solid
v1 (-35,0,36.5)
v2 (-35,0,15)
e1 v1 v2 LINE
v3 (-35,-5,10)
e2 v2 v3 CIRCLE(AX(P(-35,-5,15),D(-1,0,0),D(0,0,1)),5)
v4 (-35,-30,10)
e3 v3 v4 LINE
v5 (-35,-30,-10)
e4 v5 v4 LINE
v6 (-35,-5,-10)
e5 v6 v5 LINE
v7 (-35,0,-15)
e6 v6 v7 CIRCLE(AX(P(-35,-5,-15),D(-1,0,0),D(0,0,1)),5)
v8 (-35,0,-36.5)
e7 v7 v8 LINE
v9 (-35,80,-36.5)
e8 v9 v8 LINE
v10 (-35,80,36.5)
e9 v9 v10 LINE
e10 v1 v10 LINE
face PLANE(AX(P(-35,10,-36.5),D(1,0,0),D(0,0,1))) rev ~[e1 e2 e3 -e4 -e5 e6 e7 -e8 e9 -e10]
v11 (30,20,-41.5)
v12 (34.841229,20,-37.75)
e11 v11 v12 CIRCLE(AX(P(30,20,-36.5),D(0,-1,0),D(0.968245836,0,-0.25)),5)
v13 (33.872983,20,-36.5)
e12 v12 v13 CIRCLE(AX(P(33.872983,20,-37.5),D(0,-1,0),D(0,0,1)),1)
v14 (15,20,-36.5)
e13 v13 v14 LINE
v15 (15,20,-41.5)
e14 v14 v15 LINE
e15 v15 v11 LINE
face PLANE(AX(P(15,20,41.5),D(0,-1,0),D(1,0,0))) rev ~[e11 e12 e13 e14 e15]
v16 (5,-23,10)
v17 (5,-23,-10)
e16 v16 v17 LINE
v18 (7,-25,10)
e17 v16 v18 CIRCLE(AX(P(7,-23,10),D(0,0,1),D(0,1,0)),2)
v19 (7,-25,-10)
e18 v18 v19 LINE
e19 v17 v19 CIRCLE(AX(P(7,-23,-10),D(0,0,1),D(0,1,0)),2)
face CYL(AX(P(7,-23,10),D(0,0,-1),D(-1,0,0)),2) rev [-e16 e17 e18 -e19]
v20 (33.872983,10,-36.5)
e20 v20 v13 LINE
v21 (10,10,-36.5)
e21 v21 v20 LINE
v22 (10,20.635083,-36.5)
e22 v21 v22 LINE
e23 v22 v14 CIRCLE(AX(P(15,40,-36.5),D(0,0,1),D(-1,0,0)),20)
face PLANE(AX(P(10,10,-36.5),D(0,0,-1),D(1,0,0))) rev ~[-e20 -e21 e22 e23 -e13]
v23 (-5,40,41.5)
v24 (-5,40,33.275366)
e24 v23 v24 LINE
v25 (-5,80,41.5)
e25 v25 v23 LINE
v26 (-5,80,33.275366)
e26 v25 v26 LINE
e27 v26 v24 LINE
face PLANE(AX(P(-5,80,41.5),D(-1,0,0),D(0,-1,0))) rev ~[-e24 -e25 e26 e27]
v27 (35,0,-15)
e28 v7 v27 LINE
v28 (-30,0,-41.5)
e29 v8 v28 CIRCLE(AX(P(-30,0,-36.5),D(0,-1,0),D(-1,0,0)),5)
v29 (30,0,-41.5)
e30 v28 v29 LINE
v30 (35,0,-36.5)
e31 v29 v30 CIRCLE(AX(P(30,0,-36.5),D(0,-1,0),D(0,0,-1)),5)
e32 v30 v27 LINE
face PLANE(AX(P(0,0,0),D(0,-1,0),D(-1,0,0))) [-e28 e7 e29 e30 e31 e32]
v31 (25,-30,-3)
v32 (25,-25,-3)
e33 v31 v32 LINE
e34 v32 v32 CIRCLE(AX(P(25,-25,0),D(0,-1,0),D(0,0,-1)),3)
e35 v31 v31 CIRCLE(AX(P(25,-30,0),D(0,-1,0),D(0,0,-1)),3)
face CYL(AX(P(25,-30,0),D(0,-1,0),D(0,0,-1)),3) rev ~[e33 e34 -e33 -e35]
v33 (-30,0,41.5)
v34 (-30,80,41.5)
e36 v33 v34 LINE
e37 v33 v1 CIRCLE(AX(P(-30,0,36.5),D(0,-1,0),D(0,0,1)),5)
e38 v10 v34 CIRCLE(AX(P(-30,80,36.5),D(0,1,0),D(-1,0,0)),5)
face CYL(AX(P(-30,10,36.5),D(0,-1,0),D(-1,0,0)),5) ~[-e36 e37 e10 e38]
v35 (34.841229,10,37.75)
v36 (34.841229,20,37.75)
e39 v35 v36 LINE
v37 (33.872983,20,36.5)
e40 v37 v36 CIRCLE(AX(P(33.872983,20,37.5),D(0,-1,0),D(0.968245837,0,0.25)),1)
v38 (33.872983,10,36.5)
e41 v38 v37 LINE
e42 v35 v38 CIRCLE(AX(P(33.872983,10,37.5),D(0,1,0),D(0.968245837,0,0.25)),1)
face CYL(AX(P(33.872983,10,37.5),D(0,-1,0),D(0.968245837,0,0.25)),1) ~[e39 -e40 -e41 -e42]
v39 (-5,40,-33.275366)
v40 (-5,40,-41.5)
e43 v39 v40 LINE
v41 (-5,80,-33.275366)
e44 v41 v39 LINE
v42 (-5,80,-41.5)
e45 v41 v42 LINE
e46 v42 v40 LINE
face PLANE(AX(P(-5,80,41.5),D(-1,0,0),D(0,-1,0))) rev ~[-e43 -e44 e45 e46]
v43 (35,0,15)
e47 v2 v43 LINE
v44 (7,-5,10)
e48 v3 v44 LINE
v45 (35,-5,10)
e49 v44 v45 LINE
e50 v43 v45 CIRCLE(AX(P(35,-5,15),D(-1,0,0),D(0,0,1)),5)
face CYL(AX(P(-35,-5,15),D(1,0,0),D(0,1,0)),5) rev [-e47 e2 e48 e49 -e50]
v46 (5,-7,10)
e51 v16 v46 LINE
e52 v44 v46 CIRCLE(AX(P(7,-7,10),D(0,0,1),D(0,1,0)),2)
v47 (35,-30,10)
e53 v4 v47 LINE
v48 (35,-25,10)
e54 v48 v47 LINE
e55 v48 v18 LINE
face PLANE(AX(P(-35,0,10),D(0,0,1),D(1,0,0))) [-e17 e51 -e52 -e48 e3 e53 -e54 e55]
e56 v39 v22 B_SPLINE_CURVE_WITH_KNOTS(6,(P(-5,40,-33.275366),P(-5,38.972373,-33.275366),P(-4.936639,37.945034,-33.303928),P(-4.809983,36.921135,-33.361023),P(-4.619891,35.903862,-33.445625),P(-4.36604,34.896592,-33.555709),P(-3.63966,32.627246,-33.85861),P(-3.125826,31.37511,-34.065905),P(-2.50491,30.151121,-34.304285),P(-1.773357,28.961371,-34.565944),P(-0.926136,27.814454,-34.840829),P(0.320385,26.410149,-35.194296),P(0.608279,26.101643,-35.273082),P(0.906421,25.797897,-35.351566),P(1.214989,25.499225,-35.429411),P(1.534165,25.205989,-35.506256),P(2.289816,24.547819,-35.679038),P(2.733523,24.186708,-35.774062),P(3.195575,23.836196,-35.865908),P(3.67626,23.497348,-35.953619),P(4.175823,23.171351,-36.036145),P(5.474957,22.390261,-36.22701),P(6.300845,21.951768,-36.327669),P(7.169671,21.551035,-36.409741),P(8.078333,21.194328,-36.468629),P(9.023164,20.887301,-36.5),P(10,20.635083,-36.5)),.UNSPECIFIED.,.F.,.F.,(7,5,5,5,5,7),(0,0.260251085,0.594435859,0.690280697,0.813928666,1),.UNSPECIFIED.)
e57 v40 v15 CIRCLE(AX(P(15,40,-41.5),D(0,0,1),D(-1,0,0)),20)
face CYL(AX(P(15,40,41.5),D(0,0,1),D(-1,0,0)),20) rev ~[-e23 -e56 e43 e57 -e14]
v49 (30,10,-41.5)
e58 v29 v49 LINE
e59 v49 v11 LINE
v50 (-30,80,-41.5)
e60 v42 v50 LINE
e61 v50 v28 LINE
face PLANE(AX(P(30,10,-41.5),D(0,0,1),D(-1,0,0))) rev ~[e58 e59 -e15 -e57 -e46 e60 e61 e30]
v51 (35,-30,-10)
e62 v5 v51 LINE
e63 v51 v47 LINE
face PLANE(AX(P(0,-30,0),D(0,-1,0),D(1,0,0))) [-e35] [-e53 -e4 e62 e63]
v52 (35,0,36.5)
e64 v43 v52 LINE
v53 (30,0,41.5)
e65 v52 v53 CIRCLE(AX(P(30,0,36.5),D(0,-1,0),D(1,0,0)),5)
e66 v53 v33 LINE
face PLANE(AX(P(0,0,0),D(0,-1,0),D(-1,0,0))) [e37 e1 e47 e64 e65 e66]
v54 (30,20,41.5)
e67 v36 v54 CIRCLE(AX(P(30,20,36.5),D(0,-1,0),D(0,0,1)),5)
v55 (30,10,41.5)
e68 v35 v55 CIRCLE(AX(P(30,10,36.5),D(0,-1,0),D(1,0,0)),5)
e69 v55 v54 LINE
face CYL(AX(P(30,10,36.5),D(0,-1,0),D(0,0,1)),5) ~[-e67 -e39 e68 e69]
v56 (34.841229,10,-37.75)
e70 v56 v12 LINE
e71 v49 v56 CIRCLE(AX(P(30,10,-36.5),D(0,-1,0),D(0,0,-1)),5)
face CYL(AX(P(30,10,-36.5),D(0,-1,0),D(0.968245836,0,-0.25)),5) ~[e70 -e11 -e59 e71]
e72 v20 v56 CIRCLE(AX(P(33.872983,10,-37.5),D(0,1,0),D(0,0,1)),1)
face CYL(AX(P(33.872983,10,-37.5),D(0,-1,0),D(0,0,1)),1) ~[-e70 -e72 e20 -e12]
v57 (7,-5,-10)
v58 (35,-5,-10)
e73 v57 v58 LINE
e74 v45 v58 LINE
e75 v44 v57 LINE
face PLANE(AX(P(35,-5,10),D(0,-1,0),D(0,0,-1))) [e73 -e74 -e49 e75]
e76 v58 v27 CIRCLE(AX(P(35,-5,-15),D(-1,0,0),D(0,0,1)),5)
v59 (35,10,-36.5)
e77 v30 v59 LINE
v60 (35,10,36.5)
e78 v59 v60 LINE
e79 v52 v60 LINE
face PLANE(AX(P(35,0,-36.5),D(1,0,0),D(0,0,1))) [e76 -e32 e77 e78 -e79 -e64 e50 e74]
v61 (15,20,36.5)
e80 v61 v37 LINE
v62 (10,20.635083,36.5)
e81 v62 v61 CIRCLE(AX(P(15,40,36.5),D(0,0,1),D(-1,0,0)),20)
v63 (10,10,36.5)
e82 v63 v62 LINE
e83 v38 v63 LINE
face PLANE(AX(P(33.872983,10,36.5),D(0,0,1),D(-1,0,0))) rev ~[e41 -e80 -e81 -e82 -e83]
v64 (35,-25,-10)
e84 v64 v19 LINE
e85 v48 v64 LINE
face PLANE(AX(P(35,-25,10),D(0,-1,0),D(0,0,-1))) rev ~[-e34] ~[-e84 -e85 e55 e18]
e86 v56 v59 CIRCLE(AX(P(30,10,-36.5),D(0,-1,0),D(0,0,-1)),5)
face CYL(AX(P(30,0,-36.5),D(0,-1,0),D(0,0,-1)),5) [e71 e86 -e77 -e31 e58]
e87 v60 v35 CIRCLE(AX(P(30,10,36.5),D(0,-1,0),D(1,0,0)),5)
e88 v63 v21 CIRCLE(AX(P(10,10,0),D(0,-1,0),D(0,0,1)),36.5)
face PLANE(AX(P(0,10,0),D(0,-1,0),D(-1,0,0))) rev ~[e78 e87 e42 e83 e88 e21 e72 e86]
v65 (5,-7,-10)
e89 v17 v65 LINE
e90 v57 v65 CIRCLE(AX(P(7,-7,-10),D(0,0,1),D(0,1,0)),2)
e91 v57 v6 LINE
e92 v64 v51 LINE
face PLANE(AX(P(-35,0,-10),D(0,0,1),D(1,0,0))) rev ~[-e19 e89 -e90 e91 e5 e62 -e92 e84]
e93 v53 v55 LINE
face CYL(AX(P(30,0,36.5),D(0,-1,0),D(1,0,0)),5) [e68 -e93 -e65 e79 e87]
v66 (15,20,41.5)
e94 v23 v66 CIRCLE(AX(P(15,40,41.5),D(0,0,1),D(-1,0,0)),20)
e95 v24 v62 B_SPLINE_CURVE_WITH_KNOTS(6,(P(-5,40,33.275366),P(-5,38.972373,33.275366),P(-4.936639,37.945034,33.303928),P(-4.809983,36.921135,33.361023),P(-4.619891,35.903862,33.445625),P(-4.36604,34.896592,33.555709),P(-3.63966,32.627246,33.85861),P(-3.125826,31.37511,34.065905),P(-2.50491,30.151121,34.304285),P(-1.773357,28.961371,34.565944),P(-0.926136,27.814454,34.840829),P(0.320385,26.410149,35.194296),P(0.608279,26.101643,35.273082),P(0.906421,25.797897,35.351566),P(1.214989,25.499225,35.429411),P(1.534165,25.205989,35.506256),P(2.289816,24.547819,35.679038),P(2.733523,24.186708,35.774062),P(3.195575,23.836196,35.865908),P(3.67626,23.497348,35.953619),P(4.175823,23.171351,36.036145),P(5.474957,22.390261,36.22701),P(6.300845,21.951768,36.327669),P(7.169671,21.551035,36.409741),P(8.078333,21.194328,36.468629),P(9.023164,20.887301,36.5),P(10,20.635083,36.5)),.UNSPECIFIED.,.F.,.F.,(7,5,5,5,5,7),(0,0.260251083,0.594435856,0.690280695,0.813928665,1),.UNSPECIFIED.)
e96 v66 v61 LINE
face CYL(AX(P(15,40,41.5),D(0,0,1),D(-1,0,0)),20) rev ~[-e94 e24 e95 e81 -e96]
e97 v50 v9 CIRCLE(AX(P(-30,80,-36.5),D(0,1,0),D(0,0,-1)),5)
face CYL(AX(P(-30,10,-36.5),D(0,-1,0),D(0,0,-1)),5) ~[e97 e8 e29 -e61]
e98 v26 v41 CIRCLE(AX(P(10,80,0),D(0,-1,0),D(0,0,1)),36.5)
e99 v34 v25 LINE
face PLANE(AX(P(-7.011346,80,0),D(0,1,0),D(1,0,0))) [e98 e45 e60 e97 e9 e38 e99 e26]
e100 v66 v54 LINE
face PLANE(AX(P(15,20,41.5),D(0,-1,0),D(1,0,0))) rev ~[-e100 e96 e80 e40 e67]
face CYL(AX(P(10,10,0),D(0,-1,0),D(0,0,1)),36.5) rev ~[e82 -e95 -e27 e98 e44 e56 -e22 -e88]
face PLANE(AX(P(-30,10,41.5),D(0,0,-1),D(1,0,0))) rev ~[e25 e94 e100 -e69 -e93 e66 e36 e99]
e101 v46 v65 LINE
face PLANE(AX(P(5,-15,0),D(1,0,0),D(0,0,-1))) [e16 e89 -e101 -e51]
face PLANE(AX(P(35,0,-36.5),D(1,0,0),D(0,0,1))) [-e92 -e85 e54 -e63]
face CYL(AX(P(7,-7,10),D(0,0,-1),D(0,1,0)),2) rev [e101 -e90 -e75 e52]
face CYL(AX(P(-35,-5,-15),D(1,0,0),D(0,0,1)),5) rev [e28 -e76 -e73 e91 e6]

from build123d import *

# Parameters (mm, degrees)
EXTRUDE_1_DEPTH     = 10
EXTRUDE_2_DEPTH     = 70
SKETCH_6_W          = 70
SKETCH_6_H          = 20
EXTRUDE_3_DEPTH     = 30
SKETCH_8_R          = 3
CUT_EXTRUDE_5_DEPTH = 15
FILLET_2_R          = 5
SKETCH_9_W          = 20
SKETCH_9_H          = 20
CUT_EXTRUDE_6_DEPTH = 30
FILLET_4_R          = 2
CUT_EXTRUDE_7_DEPTH = 121.474063599


with BuildPart() as part:
    # 草圖2 → 填料-伸長1 (new body)
    with BuildSketch(Plane(origin=(0, 0, 0), x_dir=(1, 0, 0), z_dir=(0, 1, 0))):
        with BuildLine():
            Line((-30, 41.5), (30, 41.5))
            ThreePointArc((30, 41.5), (33.535533906, 40.035533906), (35, 36.5))
            Line((35, 36.5), (35, -36.5))
            ThreePointArc((35, -36.5), (33.535533906, -40.035533906), (30, -41.5))
            Line((30, -41.5), (-30, -41.5))
            ThreePointArc((-30, -41.5), (-33.535533906, -40.035533906), (-35, -36.5))
            Line((-35, -36.5), (-35, 36.5))
            ThreePointArc((-35, 36.5), (-33.535533906, 40.035533906), (-30, 41.5))
        make_face()
    extrude(amount=EXTRUDE_1_DEPTH)

    # 草圖3 → 填料-伸長2 (add)
    with BuildSketch(Plane(origin=(0, 10, 0), x_dir=(1, 0, 0), z_dir=(0, 1, 0))):
        with BuildLine():
            Line((-35, 36.5), (-35, -36.5))
            ThreePointArc((-35, -36.5), (-33.535533906, -40.035533906), (-30, -41.5))
            Line((-30, -41.5), (30, -41.5))
            ThreePointArc((30, -41.5), (33.061862178, -40.452847075), (34.841229183, -37.75))
            ThreePointArc((34.841229183, -37.75), (34.663552761, -36.887627564), (33.872983346, -36.5))
            Line((33.872983346, -36.5), (10, -36.5))
            ThreePointArc((10, -36.5), (-26.5, 0), (10, 36.5))
            Line((10, 36.5), (33.872983346, 36.5))
            ThreePointArc((33.872983346, 36.5), (34.663552761, 36.887627564), (34.841229183, 37.75))
            ThreePointArc((34.841229183, 37.75), (33.061862178, 40.452847075), (30, 41.5))
            Line((30, 41.5), (-30, 41.5))
            ThreePointArc((-30, 41.5), (-33.535533906, 40.035533906), (-35, 36.5))
        make_face()
    extrude(amount=EXTRUDE_2_DEPTH)

    # 草圖6 → 填料-伸長3 (add)
    with BuildSketch(Plane.XZ):
        Rectangle(SKETCH_6_W, SKETCH_6_H)
    extrude(amount=EXTRUDE_3_DEPTH)

    # 草圖8 → 除料-伸長5 (cut)
    with BuildSketch(Plane.XZ.offset(30)):
        with Locations(Location((25, 0, 0), (0, 0, 270))):
            Circle(SKETCH_8_R)
    extrude(amount=-CUT_EXTRUDE_5_DEPTH, mode=Mode.SUBTRACT)

    # 圓角2
    fillet_2_edges = [part.edges().sort_by_distance(p)[0] for p in [
        (0, 0, -10),
        (0, 0, 10),
    ]]
    fillet(fillet_2_edges, radius=FILLET_2_R)

    # 草圖9 → 除料-伸長6 (cut)
    with BuildSketch(Plane(origin=(35, 0, 0), x_dir=(0, 0, -1), z_dir=(1, 0, 0))):
        with Locations((0, -15)):
            Rectangle(SKETCH_9_W, SKETCH_9_H)
    extrude(amount=-CUT_EXTRUDE_6_DEPTH, mode=Mode.SUBTRACT)

    # 圓角4
    fillet_4_edges = [part.edges().sort_by_distance(p)[0] for p in [
        (5, -25, 0),
        (5, -5, 0),
    ]]
    fillet(fillet_4_edges, radius=FILLET_4_R)

    # 草圖10 → 除料-伸長7 (cut, through all)
    with BuildSketch(Plane.XY.offset(41.5)):
        with BuildLine():
            Line((35, 80), (-5, 80))
            Line((-5, 80), (-5, 40))
            ThreePointArc((-5, 40), (0.857864376, 25.857864376), (15, 20))
            Line((15, 20), (35, 20))
            Line((35, 20), (35, 80))
        make_face()
    extrude(amount=-CUT_EXTRUDE_7_DEPTH, mode=Mode.SUBTRACT)


solid = part.part
